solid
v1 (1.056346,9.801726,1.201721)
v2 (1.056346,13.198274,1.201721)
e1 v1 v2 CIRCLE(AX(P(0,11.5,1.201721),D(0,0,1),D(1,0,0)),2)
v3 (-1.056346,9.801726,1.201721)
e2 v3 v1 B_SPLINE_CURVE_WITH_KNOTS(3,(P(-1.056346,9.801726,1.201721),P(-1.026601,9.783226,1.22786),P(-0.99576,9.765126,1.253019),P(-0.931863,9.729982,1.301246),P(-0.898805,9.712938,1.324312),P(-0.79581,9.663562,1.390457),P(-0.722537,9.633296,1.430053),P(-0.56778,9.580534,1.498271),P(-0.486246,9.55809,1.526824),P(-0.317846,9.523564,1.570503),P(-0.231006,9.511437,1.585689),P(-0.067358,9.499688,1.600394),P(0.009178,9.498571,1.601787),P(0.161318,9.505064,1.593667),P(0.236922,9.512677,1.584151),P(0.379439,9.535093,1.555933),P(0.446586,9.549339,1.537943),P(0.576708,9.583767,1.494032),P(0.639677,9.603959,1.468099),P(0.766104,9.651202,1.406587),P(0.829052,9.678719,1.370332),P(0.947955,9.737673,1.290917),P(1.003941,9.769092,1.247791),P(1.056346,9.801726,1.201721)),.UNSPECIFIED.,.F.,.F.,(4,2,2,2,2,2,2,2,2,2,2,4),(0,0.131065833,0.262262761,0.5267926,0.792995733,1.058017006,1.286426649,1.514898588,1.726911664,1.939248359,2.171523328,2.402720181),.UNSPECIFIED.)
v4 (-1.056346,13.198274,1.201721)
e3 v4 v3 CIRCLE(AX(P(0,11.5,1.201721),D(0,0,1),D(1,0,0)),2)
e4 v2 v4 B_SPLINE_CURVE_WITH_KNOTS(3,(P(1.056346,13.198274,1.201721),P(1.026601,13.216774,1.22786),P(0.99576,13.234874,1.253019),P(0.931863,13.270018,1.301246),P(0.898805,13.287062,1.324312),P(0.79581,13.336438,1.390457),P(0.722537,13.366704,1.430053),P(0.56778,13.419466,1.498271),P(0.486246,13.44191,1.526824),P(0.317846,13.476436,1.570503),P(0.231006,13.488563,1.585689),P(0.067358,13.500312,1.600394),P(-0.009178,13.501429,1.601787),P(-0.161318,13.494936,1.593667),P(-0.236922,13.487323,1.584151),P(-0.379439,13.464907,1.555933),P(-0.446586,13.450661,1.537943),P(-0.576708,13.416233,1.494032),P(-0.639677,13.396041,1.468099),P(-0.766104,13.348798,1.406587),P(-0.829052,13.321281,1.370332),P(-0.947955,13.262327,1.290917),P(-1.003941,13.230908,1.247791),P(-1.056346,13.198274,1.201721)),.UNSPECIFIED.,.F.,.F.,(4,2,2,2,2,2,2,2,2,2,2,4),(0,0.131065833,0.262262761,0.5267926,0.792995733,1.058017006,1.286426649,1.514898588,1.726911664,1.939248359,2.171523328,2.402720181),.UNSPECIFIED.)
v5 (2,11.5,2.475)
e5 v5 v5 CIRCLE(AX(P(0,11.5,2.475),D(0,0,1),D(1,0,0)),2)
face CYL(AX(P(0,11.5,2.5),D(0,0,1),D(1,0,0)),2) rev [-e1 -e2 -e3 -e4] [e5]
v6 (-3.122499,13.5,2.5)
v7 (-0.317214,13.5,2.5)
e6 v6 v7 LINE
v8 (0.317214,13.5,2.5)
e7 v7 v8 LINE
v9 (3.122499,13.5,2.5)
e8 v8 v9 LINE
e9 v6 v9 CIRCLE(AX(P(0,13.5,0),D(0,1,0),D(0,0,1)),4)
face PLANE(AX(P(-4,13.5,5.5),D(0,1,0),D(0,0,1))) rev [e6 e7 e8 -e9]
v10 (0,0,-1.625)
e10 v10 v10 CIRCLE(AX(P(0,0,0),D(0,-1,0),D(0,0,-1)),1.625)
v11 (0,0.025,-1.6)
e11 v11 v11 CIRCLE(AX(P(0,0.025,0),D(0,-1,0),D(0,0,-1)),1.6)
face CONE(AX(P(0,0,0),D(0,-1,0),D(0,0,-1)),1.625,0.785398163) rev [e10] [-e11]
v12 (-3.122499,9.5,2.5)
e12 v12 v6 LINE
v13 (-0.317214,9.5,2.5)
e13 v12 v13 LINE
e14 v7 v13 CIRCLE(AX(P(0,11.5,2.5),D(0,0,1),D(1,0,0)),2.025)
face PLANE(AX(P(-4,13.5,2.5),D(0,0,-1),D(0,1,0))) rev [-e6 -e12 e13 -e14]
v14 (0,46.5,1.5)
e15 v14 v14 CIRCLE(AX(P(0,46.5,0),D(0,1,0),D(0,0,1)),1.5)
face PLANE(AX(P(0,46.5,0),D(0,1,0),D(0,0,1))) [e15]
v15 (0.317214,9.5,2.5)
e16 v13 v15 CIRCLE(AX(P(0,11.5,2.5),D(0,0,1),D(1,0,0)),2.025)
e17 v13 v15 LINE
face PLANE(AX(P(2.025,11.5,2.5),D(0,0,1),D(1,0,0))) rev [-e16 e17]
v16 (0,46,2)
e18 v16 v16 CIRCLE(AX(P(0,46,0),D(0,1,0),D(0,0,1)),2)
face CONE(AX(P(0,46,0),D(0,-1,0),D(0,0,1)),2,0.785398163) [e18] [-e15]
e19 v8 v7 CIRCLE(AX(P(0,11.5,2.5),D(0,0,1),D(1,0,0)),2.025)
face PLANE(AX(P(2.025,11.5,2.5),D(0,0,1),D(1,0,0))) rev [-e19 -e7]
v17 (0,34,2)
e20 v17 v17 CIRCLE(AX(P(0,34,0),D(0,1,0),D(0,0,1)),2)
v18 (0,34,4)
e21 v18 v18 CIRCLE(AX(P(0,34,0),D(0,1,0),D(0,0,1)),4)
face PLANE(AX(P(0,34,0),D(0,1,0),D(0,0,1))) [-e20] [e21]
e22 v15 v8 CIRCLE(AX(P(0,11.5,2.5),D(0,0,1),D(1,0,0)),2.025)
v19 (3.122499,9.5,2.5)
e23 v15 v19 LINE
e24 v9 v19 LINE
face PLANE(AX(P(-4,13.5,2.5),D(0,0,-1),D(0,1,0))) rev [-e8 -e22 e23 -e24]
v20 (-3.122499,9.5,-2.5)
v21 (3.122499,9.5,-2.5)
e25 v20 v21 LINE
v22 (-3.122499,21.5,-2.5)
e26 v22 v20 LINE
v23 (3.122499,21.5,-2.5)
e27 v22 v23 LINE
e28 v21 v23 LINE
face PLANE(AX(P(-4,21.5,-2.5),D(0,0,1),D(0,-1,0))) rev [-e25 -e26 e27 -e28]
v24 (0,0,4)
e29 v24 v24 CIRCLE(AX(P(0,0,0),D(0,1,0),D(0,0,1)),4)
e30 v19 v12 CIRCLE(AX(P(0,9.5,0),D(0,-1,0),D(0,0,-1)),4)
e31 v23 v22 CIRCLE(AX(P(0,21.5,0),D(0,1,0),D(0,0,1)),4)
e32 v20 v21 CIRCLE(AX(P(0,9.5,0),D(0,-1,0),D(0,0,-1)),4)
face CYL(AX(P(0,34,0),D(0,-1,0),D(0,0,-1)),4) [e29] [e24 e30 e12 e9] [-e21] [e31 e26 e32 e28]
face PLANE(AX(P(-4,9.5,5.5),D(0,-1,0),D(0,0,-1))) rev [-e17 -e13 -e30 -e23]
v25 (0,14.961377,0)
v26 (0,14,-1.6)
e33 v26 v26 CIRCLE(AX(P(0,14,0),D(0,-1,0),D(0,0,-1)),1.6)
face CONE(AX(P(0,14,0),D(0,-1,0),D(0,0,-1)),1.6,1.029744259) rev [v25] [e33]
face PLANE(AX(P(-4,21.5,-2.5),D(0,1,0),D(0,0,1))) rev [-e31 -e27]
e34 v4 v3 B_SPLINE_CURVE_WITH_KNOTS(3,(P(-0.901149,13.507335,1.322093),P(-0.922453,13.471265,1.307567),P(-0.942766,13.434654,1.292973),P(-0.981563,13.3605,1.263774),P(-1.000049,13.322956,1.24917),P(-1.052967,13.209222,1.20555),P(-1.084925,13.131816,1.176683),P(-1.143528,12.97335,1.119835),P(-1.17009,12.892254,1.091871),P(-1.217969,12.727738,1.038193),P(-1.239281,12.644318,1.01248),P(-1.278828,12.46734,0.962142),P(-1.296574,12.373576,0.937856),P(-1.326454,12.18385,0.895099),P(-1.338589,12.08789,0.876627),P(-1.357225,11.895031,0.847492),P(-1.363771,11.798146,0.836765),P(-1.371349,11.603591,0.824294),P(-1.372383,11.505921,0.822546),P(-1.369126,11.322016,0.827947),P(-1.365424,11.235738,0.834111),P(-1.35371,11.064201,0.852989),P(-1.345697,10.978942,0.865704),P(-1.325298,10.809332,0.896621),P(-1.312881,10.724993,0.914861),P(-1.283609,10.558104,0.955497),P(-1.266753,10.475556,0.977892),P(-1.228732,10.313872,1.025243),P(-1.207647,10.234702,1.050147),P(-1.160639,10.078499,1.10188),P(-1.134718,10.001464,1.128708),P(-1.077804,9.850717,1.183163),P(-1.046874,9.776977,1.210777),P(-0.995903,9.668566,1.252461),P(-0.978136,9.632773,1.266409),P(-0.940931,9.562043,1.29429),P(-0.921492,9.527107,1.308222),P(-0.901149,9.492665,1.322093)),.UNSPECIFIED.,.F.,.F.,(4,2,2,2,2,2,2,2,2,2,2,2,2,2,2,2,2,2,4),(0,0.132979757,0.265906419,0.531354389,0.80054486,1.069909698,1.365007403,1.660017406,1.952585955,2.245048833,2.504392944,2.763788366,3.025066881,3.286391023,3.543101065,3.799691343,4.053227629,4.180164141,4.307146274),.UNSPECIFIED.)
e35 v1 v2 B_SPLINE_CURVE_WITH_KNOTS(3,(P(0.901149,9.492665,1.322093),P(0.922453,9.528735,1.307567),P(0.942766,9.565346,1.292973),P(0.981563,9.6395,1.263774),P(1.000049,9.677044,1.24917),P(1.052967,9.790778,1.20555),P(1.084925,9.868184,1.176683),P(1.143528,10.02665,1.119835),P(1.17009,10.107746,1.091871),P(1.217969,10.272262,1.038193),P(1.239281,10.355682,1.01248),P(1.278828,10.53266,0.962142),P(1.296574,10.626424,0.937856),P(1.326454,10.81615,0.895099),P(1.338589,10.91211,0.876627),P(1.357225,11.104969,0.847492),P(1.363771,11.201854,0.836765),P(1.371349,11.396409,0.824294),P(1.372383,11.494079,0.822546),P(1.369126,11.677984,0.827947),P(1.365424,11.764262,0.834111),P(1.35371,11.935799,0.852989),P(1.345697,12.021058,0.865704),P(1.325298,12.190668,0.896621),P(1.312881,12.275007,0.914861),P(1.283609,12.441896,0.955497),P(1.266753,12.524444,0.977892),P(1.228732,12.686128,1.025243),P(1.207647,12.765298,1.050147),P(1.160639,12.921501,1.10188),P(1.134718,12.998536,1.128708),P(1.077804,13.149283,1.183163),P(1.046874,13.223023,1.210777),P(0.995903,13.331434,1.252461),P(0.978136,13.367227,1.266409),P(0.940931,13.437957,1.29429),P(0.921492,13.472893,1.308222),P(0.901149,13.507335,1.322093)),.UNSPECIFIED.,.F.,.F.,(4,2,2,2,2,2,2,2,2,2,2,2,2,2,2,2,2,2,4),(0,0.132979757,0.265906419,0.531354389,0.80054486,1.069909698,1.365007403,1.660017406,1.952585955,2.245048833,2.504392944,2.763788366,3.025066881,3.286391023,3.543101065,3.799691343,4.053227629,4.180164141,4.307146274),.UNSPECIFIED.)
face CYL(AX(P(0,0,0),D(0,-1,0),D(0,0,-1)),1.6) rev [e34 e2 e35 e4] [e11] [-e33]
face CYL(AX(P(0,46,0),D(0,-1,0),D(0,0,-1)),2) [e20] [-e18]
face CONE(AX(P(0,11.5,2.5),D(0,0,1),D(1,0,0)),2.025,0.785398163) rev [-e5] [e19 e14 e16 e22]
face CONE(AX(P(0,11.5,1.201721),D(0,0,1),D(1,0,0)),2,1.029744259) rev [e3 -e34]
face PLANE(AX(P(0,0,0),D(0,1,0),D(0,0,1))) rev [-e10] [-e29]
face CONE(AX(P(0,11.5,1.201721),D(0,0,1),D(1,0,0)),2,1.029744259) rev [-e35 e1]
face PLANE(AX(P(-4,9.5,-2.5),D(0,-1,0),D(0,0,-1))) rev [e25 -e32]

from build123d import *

# Parameters (mm, degrees)
SKETCH1_R                            = 4
BOSS_EXTRUDE1_DEPTH                  = 34
F_3_2_3_2_DIAMETER_HOLE3_D           = 3.2
F_3_2_3_2_DIAMETER_HOLE3_DEPTH       = 14
F_3_2_3_2_DIAMETER_HOLE3_CSINK_D     = 3.25
F_3_2_3_2_DIAMETER_HOLE3_CSINK_ANGLE = 90
F_3_2_3_2_DIAMETER_HOLE3_TIP         = 0.96137699
SKETCH4_W                            = 3
SKETCH4_H                            = 4
SKETCH4_H_2                          = 12
CUT_EXTRUDE1_DEPTH                   = 4
SKETCH8_R                            = 2
BOSS_EXTRUDE2_DEPTH                  = 12
SKETCH9_R                            = 2
BOSS_EXTRUDE3_DEPTH                  = 0.5
BOSS_EXTRUDE3_TAPER                  = 45


with BuildPart() as part:
    # Sketch1 → Boss-Extrude1 (new body)
    with BuildSketch(Plane(origin=(0, 0, 0), x_dir=(1, 0, 0), z_dir=(0, 1, 0))):
        with Locations(Location((0, 0, 0), (0, 0, 270))):
            Circle(SKETCH1_R)
    extrude(amount=BOSS_EXTRUDE1_DEPTH)

    # Ø3.2 (3.2) Diameter Hole3
    with Locations(Plane(origin=(0, 0, 0), x_dir=(-1, 0, 0), z_dir=(0, -1, 0))):
        with Locations((0, 0)):
            CounterSinkHole(F_3_2_3_2_DIAMETER_HOLE3_D / 2, F_3_2_3_2_DIAMETER_HOLE3_CSINK_D / 2, depth=F_3_2_3_2_DIAMETER_HOLE3_DEPTH, counter_sink_angle=F_3_2_3_2_DIAMETER_HOLE3_CSINK_ANGLE)
            with Locations((0, 0, -(F_3_2_3_2_DIAMETER_HOLE3_DEPTH + F_3_2_3_2_DIAMETER_HOLE3_TIP / 2))):  # 118° drill point
                Cone(0, F_3_2_3_2_DIAMETER_HOLE3_D / 2, F_3_2_3_2_DIAMETER_HOLE3_TIP, mode=Mode.SUBTRACT)

    # Sketch4 → Cut-Extrude1 (cut, symmetric)
    with BuildSketch(Plane(origin=(0, 0, 0), x_dir=(0, 0, -1), z_dir=(1, 0, 0))):
        with Locations((-4, 11.5)):
            Rectangle(SKETCH4_W, SKETCH4_H)
        with Locations((4, 15.5)):
            Rectangle(SKETCH4_W, SKETCH4_H_2)
    extrude(amount=CUT_EXTRUDE1_DEPTH, both=True, mode=Mode.SUBTRACT)

    # Sketch6 → Ø4.0 (4) Diameter Hole2 (revolve, cut)
    with BuildSketch(Plane(origin=(0, 11.5, 2.5), x_dir=(0, -1, 0), z_dir=(1, 0, 0))):
        Polygon((0, 0), (0, 2.5), (2, 1.298278762), (2, 0.025), (2.025, 0), align=None)
    revolve(axis=Axis((0, 11.5, 8.85), (0, 0, -1)), mode=Mode.SUBTRACT)

    # Sketch8 → Boss-Extrude2 (add)
    with BuildSketch(Plane(origin=(0, 34, 0), x_dir=(1, 0, 0), z_dir=(0, 1, 0))):
        with Locations(Location((0, 0, 0), (0, 0, 270))):
            Circle(SKETCH8_R)
    extrude(amount=BOSS_EXTRUDE2_DEPTH)

    # Sketch9 → Boss-Extrude3 (add)
    with BuildSketch(Plane(origin=(0, 46, 0), x_dir=(1, 0, 0), z_dir=(0, 1, 0))):
        with Locations(Location((0, 0, 0), (0, 0, 270))):
            Circle(SKETCH9_R)
    extrude(amount=BOSS_EXTRUDE3_DEPTH, taper=BOSS_EXTRUDE3_TAPER)


solid = part.part
